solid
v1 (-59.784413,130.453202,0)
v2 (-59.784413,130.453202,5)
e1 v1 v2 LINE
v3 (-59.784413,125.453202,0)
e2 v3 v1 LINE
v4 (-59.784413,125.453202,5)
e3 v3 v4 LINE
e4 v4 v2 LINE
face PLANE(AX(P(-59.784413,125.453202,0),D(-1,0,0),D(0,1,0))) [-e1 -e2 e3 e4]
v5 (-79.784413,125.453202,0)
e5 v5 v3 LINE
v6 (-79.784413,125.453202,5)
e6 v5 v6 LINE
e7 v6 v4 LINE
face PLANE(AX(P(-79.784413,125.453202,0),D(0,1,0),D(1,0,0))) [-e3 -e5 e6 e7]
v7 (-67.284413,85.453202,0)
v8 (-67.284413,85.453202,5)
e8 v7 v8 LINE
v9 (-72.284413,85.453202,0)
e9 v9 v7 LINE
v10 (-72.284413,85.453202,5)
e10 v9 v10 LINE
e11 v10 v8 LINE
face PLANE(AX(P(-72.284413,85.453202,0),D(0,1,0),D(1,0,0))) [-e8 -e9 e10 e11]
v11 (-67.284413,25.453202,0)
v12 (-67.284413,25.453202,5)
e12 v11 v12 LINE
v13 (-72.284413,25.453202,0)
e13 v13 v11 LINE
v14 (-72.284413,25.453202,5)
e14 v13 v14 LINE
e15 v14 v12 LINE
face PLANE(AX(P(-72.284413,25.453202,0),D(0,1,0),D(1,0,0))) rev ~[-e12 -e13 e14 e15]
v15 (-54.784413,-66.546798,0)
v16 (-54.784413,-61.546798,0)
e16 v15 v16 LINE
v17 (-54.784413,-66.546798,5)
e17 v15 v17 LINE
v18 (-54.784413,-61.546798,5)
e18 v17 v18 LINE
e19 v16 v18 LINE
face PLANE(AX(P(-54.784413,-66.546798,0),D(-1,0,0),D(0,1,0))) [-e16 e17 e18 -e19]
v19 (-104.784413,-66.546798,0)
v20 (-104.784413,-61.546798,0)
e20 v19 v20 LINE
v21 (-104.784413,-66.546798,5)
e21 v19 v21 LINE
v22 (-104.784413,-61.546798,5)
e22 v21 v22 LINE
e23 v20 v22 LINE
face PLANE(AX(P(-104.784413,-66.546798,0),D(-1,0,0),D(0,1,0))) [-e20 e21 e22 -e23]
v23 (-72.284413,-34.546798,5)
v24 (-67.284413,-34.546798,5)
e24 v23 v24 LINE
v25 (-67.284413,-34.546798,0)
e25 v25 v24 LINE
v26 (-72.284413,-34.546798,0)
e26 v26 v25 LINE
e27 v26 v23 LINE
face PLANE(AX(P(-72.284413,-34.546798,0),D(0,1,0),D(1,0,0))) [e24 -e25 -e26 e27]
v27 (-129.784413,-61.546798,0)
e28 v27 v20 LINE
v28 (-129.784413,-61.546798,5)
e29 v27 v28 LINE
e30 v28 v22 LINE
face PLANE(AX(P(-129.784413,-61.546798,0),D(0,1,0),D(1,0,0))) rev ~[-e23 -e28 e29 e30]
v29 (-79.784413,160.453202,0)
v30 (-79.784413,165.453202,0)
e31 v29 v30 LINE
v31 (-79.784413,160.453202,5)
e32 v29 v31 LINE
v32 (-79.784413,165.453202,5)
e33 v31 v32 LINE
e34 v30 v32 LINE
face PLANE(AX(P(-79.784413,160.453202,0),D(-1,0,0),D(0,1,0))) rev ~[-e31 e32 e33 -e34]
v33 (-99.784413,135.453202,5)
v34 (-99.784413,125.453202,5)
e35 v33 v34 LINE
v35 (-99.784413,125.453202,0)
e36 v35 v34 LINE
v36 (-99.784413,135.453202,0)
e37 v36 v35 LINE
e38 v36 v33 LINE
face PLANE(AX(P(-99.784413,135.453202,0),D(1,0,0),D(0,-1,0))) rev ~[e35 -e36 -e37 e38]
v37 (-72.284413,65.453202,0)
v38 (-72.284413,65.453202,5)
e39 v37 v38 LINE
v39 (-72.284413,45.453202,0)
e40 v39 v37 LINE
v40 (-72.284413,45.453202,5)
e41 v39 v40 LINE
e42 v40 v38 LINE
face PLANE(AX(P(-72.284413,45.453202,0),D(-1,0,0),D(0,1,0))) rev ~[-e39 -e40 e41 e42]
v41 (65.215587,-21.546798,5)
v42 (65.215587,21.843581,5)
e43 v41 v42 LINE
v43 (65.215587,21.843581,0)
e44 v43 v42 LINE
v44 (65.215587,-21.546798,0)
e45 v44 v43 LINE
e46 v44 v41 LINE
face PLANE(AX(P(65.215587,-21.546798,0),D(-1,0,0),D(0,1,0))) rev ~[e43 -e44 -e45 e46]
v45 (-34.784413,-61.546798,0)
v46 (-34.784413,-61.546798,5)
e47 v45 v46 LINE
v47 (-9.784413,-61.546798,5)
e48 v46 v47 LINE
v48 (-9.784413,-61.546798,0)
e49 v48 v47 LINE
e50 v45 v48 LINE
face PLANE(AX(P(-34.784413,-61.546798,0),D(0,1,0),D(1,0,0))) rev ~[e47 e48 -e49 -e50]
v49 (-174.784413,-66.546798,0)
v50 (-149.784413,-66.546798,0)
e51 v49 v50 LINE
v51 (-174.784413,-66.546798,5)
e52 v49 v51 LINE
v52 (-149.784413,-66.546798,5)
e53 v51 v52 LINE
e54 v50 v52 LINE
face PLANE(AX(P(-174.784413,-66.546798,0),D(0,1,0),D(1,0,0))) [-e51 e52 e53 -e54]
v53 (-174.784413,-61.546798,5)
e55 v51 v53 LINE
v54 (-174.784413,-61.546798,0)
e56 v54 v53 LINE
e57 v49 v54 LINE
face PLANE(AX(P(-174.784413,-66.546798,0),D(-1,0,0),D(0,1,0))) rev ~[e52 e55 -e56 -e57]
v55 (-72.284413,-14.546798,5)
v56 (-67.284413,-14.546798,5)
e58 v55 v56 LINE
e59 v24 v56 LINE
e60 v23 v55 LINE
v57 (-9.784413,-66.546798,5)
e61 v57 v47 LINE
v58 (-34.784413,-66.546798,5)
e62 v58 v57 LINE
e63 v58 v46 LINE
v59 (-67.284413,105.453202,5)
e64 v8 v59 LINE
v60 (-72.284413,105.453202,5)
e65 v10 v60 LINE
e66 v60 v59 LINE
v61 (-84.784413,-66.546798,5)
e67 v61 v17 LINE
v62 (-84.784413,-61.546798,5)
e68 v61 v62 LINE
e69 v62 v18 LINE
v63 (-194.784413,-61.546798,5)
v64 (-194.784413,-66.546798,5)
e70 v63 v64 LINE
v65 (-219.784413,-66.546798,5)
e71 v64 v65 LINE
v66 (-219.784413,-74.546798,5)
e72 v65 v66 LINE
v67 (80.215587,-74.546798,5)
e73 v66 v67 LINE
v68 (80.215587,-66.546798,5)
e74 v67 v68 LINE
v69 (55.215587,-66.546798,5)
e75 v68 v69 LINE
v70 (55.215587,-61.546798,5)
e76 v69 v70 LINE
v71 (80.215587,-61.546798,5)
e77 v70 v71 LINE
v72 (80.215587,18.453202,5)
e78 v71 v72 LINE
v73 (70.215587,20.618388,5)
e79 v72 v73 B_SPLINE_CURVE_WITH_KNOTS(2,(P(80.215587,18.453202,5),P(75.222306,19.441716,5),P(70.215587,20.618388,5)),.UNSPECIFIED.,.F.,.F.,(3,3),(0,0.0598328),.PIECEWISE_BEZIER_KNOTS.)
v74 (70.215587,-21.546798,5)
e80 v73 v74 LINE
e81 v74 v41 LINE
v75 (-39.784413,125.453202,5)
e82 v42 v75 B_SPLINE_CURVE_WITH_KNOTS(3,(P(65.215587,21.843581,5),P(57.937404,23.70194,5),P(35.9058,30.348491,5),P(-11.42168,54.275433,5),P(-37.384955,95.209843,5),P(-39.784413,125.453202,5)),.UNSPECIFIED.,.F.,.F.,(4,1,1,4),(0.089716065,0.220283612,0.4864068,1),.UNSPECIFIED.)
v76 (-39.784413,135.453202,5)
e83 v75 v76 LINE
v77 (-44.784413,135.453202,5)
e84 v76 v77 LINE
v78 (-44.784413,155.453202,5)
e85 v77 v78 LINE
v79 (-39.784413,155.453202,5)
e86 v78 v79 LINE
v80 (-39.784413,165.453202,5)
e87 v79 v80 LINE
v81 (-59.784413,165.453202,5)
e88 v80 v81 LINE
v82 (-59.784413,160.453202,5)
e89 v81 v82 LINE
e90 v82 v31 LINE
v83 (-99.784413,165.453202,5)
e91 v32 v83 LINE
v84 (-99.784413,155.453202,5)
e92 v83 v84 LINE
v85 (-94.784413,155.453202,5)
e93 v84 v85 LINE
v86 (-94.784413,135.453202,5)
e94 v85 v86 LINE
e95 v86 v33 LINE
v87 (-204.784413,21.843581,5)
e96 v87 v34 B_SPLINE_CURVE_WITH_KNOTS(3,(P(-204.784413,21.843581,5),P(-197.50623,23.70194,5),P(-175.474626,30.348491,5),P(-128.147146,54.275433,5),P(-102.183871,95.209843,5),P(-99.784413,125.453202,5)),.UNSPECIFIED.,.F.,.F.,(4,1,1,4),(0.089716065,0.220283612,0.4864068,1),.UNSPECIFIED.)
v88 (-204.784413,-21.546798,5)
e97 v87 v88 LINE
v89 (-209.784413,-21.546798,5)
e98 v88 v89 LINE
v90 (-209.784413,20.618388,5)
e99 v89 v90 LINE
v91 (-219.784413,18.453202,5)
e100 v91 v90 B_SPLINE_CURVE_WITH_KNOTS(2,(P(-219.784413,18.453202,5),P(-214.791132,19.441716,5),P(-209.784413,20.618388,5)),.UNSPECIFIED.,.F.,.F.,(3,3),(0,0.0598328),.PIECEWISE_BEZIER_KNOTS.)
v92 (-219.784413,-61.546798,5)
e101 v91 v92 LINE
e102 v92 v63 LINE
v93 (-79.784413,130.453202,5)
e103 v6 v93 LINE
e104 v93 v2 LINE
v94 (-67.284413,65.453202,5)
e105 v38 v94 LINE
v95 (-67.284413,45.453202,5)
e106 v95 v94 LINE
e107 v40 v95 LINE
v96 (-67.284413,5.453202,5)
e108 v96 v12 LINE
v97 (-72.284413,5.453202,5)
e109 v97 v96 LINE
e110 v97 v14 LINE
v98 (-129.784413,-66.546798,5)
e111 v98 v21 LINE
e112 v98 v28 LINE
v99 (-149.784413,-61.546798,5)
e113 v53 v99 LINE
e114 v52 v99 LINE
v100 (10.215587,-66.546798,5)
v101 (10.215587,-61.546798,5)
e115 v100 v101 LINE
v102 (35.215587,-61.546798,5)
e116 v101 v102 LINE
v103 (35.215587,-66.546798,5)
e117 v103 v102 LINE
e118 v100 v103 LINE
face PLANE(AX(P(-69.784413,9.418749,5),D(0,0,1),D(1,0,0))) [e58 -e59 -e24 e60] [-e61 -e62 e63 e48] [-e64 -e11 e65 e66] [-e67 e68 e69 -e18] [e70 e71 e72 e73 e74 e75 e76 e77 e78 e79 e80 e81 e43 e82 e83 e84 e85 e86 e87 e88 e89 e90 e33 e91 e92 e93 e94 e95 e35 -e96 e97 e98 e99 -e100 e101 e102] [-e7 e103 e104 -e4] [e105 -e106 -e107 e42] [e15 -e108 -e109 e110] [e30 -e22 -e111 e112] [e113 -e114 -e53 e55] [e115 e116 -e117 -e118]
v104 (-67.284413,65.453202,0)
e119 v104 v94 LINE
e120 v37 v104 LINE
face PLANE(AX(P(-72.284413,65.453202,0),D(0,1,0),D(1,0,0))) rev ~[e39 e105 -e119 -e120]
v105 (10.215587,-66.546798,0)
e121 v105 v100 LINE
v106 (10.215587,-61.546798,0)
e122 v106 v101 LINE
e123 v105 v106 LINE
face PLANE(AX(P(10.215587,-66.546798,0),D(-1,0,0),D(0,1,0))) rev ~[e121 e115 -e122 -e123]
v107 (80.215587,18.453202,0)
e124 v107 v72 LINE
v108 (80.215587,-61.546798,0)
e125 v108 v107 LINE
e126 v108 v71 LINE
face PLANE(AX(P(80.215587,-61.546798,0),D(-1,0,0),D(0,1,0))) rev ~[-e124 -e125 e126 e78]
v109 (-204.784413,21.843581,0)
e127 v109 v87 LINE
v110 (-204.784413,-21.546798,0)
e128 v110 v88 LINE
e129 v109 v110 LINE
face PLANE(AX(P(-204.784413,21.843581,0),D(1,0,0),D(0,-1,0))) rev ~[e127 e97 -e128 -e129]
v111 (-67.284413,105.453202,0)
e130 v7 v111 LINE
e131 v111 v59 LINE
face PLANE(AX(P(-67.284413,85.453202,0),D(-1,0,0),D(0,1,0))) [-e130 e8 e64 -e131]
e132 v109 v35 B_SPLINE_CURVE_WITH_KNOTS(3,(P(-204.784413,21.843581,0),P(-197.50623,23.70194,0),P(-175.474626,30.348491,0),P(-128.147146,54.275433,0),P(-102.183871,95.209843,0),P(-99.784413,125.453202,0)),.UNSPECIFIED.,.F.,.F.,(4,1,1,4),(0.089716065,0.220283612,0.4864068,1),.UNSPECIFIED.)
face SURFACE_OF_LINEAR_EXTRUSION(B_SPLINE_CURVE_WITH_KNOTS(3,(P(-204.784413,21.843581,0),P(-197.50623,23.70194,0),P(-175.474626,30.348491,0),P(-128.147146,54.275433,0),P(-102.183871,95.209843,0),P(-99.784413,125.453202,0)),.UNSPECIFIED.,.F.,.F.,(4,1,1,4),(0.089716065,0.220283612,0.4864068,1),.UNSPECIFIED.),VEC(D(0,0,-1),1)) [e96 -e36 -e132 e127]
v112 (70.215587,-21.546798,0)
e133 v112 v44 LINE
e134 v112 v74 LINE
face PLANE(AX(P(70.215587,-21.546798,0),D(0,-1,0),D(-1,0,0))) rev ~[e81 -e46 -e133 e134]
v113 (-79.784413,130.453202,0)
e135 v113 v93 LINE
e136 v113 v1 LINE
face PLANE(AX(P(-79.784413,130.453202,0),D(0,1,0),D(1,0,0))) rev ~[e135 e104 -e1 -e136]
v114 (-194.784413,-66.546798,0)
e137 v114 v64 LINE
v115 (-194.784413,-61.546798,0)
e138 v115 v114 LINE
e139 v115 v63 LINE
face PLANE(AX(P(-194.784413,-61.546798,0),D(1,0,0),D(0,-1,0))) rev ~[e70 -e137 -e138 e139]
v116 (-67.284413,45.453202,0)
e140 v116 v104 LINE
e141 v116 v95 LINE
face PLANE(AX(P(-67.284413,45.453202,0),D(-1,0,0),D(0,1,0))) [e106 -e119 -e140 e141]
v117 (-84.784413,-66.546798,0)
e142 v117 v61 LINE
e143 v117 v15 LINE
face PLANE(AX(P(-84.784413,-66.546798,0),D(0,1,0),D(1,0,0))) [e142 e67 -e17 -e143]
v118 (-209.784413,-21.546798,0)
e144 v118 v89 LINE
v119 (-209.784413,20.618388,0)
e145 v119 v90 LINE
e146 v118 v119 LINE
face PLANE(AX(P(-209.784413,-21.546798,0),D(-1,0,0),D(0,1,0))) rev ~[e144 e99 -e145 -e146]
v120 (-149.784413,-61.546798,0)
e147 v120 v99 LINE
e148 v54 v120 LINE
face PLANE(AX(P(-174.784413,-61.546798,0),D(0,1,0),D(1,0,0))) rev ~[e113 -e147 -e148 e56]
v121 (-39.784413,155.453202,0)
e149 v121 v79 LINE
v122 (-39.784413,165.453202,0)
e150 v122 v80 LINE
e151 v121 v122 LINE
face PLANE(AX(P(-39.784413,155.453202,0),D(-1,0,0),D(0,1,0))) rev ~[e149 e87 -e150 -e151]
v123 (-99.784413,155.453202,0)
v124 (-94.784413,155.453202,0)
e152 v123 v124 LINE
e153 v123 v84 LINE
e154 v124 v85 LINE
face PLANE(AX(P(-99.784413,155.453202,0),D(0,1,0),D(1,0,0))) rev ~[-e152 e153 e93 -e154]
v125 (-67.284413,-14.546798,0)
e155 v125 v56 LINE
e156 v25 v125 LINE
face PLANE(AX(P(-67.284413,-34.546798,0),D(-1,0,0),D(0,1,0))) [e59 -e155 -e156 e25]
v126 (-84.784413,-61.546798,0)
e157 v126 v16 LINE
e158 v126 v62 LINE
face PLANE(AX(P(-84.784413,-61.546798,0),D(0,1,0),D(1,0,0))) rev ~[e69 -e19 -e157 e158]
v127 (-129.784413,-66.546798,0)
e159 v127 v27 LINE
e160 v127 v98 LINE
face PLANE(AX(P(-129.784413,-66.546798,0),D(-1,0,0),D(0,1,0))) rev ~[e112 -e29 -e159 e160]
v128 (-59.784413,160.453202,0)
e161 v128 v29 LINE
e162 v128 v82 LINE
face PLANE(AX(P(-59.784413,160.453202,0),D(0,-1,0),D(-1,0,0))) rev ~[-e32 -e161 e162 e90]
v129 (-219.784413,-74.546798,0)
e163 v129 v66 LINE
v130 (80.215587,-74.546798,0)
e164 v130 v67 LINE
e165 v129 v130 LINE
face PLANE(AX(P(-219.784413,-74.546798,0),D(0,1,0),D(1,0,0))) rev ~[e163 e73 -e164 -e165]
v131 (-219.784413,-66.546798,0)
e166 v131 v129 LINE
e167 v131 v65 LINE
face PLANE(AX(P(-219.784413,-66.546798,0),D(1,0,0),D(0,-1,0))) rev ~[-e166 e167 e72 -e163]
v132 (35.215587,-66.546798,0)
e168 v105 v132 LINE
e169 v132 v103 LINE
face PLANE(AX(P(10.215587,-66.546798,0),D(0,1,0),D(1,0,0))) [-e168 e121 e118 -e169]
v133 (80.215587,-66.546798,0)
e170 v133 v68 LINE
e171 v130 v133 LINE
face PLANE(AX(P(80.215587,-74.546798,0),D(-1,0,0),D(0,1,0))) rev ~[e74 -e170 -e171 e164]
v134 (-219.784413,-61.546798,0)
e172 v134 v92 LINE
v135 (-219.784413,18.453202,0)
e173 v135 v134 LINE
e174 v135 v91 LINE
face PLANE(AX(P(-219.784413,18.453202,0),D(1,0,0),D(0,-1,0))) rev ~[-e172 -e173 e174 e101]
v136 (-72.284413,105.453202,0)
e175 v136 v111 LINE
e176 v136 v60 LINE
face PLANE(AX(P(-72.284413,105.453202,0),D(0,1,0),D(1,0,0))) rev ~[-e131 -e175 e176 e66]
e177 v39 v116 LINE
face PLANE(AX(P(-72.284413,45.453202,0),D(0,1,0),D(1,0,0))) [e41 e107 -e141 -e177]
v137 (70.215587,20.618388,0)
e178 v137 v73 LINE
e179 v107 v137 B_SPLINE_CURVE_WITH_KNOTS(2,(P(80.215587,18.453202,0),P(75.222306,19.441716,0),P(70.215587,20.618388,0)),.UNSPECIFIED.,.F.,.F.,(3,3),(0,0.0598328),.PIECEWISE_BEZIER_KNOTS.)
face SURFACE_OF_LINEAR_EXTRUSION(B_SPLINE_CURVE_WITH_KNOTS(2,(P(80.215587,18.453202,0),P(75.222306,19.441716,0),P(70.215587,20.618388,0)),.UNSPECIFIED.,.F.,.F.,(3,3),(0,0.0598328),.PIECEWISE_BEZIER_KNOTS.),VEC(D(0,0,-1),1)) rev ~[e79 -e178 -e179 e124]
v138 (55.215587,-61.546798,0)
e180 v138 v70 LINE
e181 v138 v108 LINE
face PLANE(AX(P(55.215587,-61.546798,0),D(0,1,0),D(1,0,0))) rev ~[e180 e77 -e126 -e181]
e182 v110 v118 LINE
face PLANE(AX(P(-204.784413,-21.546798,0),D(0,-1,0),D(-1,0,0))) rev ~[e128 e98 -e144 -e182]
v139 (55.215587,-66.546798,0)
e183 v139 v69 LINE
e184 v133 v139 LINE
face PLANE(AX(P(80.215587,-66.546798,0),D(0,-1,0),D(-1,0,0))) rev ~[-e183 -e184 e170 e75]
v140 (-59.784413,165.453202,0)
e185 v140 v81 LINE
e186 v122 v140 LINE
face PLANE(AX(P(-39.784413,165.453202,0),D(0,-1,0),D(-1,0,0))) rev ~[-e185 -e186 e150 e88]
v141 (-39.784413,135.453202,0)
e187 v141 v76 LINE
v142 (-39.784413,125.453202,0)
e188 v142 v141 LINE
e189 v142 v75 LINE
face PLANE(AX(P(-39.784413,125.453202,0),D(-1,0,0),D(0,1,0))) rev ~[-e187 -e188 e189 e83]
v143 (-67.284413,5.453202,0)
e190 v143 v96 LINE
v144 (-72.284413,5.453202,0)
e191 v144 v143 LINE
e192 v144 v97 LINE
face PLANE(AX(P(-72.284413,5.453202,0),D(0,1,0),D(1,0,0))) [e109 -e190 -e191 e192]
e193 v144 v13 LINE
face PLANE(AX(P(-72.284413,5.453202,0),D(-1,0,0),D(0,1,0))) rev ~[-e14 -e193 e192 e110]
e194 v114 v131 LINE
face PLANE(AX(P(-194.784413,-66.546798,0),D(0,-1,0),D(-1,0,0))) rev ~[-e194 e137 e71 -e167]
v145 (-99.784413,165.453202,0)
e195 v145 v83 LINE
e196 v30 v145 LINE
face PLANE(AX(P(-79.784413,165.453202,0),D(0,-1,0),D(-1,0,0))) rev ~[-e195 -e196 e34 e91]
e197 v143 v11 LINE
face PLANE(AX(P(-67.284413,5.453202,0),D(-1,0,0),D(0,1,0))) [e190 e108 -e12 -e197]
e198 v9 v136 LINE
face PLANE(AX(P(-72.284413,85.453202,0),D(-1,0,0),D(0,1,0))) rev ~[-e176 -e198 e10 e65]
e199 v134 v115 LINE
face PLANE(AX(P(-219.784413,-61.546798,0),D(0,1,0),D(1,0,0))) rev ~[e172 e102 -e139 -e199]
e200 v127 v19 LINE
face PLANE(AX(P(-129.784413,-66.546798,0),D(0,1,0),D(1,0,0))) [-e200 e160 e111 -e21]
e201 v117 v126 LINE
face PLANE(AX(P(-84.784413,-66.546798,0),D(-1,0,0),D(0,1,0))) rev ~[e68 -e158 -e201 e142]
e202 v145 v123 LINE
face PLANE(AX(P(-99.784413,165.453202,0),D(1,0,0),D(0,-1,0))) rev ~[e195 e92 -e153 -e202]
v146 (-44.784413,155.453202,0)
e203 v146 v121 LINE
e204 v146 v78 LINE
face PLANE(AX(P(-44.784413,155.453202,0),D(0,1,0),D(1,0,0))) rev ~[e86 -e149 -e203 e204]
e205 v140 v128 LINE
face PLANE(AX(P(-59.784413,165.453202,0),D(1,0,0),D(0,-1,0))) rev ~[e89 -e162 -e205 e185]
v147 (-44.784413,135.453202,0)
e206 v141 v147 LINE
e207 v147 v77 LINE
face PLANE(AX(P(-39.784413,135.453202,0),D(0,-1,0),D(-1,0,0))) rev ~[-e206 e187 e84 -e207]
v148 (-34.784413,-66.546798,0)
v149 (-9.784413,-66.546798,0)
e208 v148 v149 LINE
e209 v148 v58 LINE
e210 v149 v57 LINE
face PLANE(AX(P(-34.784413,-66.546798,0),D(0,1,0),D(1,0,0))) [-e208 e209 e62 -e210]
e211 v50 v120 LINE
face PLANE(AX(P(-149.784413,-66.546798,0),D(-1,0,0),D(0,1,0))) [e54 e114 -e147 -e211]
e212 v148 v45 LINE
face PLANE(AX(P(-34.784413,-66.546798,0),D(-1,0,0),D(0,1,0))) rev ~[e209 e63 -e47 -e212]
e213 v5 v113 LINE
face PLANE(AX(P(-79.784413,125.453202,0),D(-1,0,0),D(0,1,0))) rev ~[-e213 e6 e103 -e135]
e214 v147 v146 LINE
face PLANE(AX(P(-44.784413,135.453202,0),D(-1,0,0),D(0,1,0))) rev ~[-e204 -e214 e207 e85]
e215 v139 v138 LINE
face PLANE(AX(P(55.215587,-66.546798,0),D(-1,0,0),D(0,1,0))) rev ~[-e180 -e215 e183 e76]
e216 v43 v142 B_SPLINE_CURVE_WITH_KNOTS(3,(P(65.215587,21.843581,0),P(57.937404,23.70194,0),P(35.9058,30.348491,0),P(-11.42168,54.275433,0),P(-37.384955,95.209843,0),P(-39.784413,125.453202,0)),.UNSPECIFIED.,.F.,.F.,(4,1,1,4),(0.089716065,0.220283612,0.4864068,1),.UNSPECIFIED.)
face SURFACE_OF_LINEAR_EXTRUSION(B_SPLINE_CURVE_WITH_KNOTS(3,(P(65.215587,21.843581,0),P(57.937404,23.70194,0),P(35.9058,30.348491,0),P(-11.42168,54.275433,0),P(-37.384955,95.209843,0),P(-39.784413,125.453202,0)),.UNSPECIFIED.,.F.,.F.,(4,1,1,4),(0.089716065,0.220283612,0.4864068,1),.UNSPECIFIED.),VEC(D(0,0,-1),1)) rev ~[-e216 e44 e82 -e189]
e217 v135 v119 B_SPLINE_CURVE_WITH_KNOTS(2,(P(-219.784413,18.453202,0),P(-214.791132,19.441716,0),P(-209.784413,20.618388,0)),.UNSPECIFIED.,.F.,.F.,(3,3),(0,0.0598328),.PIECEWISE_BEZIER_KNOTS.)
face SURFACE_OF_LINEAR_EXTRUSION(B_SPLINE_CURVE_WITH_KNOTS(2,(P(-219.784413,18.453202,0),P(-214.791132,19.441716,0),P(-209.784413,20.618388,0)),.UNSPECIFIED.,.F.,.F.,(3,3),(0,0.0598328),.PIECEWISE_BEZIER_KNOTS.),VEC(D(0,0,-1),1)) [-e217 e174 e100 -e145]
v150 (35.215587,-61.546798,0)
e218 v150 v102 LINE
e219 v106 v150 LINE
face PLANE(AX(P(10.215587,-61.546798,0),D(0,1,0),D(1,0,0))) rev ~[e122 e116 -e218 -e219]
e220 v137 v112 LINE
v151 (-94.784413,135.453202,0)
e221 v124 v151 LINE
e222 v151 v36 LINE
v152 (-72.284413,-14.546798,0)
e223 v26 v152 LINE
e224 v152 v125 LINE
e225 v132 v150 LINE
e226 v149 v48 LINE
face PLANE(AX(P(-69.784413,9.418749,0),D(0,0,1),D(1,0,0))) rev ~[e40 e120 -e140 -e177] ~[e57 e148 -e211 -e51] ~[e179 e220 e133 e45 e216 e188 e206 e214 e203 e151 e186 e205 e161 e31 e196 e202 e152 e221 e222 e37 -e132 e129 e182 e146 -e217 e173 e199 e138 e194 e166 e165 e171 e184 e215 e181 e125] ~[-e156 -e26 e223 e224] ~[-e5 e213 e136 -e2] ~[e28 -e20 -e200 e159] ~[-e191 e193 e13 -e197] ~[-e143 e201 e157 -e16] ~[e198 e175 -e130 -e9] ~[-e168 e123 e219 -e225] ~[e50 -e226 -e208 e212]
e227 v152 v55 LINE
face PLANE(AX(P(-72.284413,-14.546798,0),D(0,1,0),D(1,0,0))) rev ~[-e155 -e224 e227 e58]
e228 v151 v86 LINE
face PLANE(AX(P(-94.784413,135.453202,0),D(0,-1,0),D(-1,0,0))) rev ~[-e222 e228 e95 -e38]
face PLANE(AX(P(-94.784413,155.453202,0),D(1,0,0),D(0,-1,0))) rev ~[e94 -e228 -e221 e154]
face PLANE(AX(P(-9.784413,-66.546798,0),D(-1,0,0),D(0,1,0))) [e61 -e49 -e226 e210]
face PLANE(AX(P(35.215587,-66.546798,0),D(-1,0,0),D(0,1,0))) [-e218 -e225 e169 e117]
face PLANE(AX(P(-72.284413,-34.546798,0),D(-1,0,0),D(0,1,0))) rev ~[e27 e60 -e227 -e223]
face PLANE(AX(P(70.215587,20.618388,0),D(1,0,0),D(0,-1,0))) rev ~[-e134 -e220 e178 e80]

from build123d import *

# Parameters (mm, degrees)
SKETCH1_W           = 20
SKETCH1_H           = 5
SKETCH1_W_2         = 5
SKETCH1_H_2         = 20
SKETCH1_W_3         = 25
SKETCH1_W_4         = 30
BOSS_EXTRUDE1_DEPTH = 5


with BuildPart() as part:
    # Sketch1 → Boss-Extrude1 (new body)
    with BuildSketch(Plane.XY):
        with BuildLine():
            Line((-39.784412909, 125.453201578), (-39.784412909, 135.453201578))
            Line((-39.784412909, 135.453201578), (-44.784412909, 135.453201578))
            Line((-44.784412909, 135.453201578), (-44.784412909, 155.453201578))
            Line((-44.784412909, 155.453201578), (-39.784412909, 155.453201578))
            Line((-39.784412909, 155.453201578), (-39.784412909, 165.453201578))
            Line((-39.784412909, 165.453201578), (-59.784412909, 165.453201578))
            Line((-59.784412909, 165.453201578), (-59.784412909, 160.453201578))
            Line((-59.784412909, 160.453201578), (-79.784412909, 160.453201578))
            Line((-79.784412909, 160.453201578), (-79.784412909, 165.453201578))
            Line((-79.784412909, 165.453201578), (-99.784412909, 165.453201578))
            Line((-99.784412909, 165.453201578), (-99.784412909, 155.453201578))
            Line((-99.784412909, 155.453201578), (-94.784412909, 155.453201578))
            Line((-94.784412909, 155.453201578), (-94.784412909, 135.453201578))
            Line((-94.784412909, 135.453201578), (-99.784412909, 135.453201578))
            Line((-99.784412909, 135.453201578), (-99.784412909, 125.453201578))
            add(Edge.make_bspline(
                [(-204.784412909, 21.843580993), (-197.506230119, 23.701939803), (-175.474625692, 30.348491442), (-128.147146094, 54.275433129), (-102.183870773, 95.209842597), (-99.784412909, 125.453201578)],
                knots=[0.089716065, 0.089716065, 0.089716065, 0.089716065, 0.220283612, 0.4864068, 1, 1, 1, 1], degree=3))
            Line((-204.784412909, 21.843580993), (-204.784412909, -21.546798422))
            Line((-204.784412909, -21.546798422), (-209.784412909, -21.546798422))
            Line((-209.784412909, -21.546798422), (-209.784412909, 20.618388045))
            add(Edge.make_bspline(
                [(-219.784412909, 18.453201578), (-214.791132261, 19.441715958), (-209.784412909, 20.618388045)],
                knots=[0, 0, 0, 0.0598328, 0.0598328, 0.0598328], degree=2))
            Line((-219.784412909, 18.453201578), (-219.784412909, -61.546798422))
            Line((-219.784412909, -61.546798422), (-194.784412909, -61.546798422))
            Line((-194.784412909, -61.546798422), (-194.784412909, -66.546798422))
            Line((-194.784412909, -66.546798422), (-219.784412909, -66.546798422))
            Line((-219.784412909, -66.546798422), (-219.784412909, -74.546798422))
            Line((-219.784412909, -74.546798422), (80.215587091, -74.546798422))
            Line((80.215587091, -74.546798422), (80.215587091, -66.546798422))
            Line((80.215587091, -66.546798422), (55.215587091, -66.546798422))
            Line((55.215587091, -66.546798422), (55.215587091, -61.546798422))
            Line((55.215587091, -61.546798422), (80.215587091, -61.546798422))
            Line((80.215587091, -61.546798422), (80.215587091, 18.453201578))
            add(Edge.make_bspline(
                [(80.215587091, 18.453201578), (75.222306443, 19.441715958), (70.215587091, 20.618388045)],
                knots=[0, 0, 0, 0.0598328, 0.0598328, 0.0598328], degree=2))
            Line((70.215587091, 20.618388045), (70.215587091, -21.546798422))
            Line((70.215587091, -21.546798422), (65.215587091, -21.546798422))
            Line((65.215587091, -21.546798422), (65.215587091, 21.843580993))
            add(Edge.make_bspline(
                [(65.215587091, 21.843580993), (57.937404301, 23.701939803), (35.905799874, 30.348491442), (-11.421679724, 54.275433129), (-37.384955046, 95.209842597), (-39.784412909, 125.453201578)],
                knots=[0.089716065, 0.089716065, 0.089716065, 0.089716065, 0.220283612, 0.4864068, 1, 1, 1, 1], degree=3))
        make_face()
        with Locations((-69.784412909, 127.953201578)):
            Rectangle(SKETCH1_W, SKETCH1_H, mode=Mode.SUBTRACT)
        with Locations((-69.784412909, 55.453201578)):
            Rectangle(SKETCH1_W_2, SKETCH1_H_2, mode=Mode.SUBTRACT)
        with Locations((-69.784412909, 95.453201578)):
            Rectangle(SKETCH1_W_2, SKETCH1_H_2, mode=Mode.SUBTRACT)
        with Locations((22.715587091, -64.046798422)):
            Rectangle(SKETCH1_W_3, SKETCH1_H, mode=Mode.SUBTRACT)
        with Locations((-22.284412909, -64.046798422)):
            Rectangle(SKETCH1_W_3, SKETCH1_H, mode=Mode.SUBTRACT)
        with Locations((-69.784412909, -64.046798422)):
            Rectangle(SKETCH1_W_4, SKETCH1_H, mode=Mode.SUBTRACT)
        with Locations((-117.284412909, -64.046798422)):
            Rectangle(SKETCH1_W_3, SKETCH1_H, mode=Mode.SUBTRACT)
        with Locations((-162.284412909, -64.046798422)):
            Rectangle(SKETCH1_W_3, SKETCH1_H, mode=Mode.SUBTRACT)
        with Locations((-69.784412909, 15.453201578)):
            Rectangle(SKETCH1_W_2, SKETCH1_H_2, mode=Mode.SUBTRACT)
        with Locations((-69.784412909, -24.546798422)):
            Rectangle(SKETCH1_W_2, SKETCH1_H_2, mode=Mode.SUBTRACT)
    extrude(amount=BOSS_EXTRUDE1_DEPTH)


solid = part.part
